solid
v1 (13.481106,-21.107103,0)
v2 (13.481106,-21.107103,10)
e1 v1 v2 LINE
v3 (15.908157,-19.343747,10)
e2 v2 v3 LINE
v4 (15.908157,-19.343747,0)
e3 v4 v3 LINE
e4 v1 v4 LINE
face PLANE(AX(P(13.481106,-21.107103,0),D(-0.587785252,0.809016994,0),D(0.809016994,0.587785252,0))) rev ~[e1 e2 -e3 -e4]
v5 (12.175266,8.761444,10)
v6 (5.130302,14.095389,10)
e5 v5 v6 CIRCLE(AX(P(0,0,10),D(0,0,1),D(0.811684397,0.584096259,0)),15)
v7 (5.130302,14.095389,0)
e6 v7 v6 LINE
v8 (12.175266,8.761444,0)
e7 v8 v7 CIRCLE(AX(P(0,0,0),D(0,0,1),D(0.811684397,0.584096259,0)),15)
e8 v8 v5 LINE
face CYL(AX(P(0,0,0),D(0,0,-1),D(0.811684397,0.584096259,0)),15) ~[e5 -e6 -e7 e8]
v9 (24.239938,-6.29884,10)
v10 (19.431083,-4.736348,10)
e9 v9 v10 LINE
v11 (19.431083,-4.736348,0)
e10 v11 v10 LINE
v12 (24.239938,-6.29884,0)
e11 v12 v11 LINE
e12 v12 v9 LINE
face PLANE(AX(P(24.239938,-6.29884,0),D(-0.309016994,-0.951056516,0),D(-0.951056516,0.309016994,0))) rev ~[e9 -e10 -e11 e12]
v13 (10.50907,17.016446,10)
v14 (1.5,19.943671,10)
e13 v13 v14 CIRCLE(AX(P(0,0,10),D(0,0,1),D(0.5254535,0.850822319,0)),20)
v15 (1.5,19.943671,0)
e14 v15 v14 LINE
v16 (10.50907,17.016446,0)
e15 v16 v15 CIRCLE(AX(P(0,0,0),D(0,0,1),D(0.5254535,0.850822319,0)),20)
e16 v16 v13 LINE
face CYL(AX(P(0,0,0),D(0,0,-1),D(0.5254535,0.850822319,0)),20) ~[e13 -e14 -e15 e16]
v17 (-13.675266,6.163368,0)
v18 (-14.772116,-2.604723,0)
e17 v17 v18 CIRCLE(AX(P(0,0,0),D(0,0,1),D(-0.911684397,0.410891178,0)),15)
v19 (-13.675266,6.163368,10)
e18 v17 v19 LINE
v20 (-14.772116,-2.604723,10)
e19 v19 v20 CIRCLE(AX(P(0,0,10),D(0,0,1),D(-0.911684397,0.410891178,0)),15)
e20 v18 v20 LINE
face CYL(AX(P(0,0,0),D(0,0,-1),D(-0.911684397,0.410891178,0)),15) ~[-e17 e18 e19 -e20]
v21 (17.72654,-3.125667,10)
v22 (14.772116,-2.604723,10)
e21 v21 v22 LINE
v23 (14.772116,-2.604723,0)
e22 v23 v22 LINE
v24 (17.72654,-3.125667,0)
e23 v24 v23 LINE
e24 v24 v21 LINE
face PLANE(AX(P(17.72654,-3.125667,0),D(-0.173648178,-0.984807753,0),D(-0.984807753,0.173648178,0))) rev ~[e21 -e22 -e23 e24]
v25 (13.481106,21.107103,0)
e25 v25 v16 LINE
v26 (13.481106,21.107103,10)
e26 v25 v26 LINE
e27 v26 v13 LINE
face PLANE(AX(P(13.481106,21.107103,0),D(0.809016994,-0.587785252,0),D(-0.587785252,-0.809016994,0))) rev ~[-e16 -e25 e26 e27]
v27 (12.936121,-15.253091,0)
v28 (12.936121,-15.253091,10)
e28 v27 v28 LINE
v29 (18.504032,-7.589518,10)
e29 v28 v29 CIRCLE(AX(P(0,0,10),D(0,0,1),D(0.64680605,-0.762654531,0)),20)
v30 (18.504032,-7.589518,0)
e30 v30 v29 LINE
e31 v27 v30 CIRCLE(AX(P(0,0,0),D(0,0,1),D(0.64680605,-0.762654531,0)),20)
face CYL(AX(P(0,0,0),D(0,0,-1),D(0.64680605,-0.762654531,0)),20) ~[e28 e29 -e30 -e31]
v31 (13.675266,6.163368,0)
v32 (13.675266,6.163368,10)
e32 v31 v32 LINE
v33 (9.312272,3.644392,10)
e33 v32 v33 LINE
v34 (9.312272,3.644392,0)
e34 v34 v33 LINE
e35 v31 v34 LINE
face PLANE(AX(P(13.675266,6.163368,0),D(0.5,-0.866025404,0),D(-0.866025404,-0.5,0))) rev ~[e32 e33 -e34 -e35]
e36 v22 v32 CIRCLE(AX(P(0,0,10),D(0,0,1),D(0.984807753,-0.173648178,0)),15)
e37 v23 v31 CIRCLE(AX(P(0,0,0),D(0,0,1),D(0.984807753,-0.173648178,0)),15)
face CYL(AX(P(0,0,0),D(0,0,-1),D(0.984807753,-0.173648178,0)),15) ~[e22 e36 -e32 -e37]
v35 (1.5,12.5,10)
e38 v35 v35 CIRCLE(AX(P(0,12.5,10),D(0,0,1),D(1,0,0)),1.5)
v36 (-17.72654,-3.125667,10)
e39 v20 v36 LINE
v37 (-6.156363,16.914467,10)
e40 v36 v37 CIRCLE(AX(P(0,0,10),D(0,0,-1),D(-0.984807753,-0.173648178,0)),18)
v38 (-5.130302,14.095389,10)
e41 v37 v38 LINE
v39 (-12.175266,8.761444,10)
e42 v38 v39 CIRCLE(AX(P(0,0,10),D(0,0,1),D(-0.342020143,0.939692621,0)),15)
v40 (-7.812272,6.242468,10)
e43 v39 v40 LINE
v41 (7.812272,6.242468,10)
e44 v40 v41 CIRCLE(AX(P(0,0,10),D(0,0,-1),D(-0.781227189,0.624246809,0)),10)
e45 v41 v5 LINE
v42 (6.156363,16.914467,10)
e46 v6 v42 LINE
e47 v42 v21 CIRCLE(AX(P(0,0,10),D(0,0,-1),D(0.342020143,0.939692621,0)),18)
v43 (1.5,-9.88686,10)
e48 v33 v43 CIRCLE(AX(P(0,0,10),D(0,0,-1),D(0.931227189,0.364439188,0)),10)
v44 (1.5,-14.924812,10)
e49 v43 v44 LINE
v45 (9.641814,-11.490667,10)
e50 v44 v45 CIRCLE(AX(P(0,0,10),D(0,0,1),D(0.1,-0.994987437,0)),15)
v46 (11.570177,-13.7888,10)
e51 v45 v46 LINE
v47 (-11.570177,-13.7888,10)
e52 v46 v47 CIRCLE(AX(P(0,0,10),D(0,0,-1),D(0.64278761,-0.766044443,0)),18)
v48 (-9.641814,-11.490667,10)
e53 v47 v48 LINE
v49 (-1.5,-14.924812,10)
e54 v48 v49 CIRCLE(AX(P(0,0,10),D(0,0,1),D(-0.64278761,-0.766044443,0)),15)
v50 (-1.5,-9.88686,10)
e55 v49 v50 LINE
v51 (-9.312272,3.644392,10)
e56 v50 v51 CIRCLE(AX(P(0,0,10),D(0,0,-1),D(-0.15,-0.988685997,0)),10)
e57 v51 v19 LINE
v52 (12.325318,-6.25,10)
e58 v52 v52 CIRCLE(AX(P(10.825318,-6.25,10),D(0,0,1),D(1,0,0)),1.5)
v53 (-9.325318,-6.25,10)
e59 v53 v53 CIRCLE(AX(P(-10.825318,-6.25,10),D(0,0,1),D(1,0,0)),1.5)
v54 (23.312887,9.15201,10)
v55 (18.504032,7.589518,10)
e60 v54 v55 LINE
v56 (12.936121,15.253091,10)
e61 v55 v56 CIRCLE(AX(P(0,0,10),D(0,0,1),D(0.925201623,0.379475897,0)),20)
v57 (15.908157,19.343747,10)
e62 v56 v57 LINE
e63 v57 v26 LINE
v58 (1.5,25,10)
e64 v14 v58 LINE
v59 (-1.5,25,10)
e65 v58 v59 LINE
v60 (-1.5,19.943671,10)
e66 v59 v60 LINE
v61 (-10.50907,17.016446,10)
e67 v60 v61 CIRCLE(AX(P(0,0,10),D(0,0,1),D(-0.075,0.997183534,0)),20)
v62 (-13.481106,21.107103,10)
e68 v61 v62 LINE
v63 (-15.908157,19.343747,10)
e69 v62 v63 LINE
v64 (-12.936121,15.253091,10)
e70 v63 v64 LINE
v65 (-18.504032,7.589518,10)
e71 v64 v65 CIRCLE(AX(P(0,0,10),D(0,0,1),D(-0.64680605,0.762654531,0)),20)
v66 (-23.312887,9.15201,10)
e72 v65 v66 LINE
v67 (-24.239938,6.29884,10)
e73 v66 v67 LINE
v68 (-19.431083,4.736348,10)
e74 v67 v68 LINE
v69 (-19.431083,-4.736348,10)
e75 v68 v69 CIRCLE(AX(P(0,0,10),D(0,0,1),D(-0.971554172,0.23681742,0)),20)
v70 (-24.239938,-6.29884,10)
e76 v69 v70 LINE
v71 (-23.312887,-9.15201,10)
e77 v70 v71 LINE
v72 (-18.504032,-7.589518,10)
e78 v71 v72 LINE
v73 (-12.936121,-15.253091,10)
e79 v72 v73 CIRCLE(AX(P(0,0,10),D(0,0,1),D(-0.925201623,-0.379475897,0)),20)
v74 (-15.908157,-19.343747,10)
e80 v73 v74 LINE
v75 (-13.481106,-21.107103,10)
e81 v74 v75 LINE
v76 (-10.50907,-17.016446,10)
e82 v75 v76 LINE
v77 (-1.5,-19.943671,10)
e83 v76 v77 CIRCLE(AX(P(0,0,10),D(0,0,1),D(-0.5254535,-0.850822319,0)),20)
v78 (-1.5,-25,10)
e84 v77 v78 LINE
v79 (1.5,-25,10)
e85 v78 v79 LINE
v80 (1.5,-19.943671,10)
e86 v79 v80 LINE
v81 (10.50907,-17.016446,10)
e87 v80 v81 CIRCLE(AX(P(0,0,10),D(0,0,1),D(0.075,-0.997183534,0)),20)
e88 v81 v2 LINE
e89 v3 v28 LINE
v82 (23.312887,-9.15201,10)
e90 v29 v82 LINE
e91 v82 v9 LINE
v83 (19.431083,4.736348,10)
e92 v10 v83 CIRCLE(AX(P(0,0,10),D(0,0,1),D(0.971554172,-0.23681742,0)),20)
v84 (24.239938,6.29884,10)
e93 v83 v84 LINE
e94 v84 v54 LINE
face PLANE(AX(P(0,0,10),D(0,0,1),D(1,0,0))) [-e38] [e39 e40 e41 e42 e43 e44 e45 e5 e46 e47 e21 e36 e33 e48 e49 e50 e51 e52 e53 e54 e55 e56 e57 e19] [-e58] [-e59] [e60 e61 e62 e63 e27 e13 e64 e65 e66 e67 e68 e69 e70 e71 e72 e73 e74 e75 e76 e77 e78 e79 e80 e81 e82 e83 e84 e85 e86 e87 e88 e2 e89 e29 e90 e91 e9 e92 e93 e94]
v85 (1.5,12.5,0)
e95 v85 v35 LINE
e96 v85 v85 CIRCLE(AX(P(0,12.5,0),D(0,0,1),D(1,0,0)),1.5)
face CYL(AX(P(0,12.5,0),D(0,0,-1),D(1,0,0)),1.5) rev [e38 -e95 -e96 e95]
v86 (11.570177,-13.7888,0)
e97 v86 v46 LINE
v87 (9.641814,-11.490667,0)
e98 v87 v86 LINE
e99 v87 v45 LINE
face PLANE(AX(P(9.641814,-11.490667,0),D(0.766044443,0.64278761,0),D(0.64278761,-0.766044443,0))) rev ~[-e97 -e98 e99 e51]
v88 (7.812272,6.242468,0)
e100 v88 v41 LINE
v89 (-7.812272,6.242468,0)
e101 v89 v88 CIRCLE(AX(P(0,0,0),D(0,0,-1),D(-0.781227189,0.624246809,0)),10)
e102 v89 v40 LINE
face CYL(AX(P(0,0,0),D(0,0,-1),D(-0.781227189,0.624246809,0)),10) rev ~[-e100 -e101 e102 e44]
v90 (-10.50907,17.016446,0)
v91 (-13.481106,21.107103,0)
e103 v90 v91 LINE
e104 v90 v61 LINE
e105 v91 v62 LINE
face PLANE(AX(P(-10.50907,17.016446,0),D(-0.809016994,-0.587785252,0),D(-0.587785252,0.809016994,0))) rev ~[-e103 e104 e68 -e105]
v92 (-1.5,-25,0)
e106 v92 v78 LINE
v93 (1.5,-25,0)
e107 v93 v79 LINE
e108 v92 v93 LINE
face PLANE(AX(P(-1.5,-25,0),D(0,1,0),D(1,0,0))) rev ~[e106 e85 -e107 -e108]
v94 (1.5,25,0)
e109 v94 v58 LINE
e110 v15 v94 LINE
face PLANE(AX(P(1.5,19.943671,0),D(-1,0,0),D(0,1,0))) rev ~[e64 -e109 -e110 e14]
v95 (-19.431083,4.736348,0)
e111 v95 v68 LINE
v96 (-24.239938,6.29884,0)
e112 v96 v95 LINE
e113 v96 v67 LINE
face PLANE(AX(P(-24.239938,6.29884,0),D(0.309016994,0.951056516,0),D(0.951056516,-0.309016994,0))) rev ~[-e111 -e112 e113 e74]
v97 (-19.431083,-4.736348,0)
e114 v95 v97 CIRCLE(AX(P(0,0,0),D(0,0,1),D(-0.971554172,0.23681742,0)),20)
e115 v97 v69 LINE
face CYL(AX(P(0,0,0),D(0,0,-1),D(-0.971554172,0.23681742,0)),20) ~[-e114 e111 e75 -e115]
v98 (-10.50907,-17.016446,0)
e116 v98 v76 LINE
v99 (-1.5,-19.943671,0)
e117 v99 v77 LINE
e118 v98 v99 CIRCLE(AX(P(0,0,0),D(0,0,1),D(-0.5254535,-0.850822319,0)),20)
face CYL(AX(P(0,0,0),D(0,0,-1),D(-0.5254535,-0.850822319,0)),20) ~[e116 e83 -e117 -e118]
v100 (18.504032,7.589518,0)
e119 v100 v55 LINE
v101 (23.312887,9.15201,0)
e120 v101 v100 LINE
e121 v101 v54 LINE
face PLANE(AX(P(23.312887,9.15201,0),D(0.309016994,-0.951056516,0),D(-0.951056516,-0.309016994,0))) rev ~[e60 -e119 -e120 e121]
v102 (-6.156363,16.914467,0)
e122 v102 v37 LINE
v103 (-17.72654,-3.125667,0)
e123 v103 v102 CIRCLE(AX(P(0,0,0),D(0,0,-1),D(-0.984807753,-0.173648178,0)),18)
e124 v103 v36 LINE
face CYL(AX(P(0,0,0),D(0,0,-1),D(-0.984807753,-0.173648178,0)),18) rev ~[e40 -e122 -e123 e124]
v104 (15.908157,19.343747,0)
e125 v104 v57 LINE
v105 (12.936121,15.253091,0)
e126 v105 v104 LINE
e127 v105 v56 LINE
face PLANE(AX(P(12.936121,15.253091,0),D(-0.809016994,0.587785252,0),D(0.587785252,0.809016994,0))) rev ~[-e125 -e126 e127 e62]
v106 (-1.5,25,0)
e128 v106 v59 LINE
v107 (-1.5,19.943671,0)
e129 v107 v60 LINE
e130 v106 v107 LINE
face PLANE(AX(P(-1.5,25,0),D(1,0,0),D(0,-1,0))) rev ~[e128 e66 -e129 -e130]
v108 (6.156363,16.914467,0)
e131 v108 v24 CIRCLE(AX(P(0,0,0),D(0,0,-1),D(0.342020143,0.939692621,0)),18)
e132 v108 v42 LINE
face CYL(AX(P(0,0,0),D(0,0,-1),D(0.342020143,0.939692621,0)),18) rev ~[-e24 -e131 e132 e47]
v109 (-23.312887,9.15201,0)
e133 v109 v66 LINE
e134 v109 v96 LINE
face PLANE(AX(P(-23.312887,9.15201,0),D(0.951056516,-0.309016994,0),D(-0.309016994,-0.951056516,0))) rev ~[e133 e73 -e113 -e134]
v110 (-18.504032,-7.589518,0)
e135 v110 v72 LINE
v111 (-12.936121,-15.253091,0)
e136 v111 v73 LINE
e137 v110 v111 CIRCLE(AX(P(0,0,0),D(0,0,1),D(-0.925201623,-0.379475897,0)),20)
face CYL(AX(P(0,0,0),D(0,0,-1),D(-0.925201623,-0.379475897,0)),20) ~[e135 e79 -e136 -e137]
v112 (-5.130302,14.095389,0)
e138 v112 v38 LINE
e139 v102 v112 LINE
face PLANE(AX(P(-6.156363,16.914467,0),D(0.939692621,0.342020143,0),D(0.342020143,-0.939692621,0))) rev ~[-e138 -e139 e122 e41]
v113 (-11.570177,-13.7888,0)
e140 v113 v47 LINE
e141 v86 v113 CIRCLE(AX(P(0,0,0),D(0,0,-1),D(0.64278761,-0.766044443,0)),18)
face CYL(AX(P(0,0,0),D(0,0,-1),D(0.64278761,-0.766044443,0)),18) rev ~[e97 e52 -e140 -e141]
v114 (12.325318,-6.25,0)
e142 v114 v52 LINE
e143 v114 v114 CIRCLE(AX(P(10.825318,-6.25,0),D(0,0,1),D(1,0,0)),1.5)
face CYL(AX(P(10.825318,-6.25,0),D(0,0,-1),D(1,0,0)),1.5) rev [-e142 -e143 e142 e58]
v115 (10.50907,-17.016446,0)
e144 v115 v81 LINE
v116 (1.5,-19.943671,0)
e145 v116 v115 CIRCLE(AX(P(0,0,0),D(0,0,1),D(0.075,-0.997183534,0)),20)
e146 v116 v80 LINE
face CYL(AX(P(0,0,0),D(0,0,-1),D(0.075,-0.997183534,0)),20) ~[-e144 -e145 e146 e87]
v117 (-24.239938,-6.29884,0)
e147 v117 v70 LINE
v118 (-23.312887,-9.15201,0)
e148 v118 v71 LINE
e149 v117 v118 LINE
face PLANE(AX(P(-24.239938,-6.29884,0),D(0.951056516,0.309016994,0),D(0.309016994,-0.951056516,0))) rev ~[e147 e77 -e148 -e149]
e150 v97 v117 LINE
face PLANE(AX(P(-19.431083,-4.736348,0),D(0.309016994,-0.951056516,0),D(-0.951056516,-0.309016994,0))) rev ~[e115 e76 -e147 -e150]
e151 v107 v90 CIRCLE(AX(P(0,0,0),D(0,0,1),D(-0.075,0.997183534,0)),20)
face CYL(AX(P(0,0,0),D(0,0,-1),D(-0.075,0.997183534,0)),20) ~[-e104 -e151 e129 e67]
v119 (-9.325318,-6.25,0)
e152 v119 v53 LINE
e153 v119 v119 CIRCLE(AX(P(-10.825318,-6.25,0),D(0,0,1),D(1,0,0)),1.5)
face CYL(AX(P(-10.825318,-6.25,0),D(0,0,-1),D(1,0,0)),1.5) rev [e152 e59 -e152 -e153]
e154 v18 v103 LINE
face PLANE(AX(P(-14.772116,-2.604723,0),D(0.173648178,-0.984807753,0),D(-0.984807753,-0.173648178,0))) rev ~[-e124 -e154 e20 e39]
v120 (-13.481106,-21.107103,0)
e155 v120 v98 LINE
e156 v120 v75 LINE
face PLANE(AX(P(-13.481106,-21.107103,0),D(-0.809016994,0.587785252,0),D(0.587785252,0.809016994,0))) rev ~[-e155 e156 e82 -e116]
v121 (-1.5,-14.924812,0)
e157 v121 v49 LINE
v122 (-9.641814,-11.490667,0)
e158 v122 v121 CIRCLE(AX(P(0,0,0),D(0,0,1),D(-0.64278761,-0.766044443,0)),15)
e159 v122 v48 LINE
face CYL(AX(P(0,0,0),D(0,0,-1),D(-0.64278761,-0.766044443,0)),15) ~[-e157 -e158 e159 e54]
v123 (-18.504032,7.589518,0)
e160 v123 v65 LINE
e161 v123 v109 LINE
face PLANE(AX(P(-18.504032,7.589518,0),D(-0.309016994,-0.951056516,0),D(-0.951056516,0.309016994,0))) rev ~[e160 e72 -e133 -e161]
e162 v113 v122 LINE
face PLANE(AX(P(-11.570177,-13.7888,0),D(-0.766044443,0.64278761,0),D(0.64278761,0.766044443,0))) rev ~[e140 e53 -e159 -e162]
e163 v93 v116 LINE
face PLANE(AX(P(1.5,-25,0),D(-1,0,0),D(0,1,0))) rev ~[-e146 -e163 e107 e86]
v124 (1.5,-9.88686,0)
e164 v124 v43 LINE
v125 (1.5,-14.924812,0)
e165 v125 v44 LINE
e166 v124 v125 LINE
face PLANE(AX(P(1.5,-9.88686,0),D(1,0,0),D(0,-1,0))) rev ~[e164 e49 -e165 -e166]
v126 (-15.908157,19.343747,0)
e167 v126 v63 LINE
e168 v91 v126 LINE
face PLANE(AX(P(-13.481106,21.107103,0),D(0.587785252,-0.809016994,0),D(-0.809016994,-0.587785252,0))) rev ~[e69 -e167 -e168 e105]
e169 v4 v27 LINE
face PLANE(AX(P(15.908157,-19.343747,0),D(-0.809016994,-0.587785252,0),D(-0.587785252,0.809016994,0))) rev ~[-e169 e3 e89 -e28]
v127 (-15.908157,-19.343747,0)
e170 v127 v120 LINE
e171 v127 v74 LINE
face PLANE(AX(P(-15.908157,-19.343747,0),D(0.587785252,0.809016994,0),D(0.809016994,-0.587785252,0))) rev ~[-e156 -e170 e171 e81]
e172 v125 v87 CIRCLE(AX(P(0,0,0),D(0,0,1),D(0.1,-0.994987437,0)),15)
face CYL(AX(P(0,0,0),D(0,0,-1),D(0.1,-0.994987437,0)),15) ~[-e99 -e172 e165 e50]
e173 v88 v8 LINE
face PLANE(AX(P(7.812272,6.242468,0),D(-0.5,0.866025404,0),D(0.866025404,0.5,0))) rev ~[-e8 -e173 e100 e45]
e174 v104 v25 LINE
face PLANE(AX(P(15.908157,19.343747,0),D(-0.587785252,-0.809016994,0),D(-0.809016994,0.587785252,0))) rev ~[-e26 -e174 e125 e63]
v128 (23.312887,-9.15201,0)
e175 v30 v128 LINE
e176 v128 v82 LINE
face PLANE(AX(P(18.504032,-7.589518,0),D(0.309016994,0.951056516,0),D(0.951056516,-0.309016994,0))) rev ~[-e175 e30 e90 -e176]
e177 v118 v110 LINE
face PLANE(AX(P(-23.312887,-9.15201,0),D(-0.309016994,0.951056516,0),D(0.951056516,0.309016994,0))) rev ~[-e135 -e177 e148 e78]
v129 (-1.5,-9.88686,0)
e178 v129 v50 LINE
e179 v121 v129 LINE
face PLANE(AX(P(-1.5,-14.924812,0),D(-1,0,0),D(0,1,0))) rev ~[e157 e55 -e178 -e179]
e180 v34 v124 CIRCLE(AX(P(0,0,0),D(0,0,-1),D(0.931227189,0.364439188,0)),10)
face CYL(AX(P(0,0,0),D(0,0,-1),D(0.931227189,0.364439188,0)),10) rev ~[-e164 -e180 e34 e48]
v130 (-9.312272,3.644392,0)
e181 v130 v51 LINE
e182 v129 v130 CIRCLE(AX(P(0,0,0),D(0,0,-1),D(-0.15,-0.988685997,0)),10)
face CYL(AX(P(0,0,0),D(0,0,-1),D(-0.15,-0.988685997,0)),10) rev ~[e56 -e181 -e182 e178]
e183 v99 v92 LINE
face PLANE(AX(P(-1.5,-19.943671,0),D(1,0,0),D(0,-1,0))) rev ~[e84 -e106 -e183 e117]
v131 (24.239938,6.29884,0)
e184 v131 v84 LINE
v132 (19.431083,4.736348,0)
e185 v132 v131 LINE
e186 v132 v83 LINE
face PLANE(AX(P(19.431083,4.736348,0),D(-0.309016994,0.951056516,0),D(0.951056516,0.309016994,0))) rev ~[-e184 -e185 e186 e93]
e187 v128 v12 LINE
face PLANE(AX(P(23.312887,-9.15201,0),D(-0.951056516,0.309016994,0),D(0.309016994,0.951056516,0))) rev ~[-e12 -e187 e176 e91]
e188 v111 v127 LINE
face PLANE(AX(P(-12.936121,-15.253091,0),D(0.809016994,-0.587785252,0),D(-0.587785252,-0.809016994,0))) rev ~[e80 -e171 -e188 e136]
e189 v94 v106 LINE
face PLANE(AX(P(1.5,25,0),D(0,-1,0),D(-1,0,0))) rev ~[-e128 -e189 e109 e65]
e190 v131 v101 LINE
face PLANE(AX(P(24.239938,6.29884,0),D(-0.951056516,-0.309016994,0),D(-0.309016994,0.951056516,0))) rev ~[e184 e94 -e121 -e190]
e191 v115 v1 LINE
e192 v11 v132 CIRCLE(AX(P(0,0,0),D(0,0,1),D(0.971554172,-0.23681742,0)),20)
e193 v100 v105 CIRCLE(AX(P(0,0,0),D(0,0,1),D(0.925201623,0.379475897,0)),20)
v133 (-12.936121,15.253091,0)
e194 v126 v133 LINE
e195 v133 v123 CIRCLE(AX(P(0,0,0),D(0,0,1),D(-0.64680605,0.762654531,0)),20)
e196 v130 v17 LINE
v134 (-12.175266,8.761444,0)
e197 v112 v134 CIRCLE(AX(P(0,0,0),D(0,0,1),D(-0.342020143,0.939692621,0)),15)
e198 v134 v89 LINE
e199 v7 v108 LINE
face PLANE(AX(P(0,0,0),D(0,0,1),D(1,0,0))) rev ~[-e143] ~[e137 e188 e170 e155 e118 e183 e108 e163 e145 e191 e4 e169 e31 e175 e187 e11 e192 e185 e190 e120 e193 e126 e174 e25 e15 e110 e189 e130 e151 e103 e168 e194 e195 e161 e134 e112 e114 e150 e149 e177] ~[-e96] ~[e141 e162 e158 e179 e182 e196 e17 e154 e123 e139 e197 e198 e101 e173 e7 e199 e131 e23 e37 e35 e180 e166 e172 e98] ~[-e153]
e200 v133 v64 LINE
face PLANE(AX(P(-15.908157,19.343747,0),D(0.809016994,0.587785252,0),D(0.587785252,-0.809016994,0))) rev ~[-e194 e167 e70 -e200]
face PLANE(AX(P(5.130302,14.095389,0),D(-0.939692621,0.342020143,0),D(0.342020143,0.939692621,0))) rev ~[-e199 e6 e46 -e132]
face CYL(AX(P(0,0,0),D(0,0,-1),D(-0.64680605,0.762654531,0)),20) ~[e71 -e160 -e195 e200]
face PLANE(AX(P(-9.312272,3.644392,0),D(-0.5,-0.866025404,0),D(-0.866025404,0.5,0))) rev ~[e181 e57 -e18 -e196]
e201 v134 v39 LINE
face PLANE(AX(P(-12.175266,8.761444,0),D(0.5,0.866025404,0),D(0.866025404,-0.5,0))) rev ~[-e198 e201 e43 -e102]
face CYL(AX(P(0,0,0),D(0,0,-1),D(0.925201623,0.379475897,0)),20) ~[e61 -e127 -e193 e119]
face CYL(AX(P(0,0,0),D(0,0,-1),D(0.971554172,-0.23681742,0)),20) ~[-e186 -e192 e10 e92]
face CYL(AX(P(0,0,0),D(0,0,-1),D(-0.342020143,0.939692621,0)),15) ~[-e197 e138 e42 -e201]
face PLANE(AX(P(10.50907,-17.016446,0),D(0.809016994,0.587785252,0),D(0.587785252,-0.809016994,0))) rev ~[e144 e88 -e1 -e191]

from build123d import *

# Parameters (mm, degrees)
SKETCH_1_R          = 1.5
EXTRUDE_1_DEPTH     = 10
CUT_EXTRUDE_2_DEPTH = 10


with BuildPart() as part:
    # 草图1 → 凸台-拉伸1 (new body)
    with BuildSketch(Plane.XY):
        with BuildLine():
            Line((1.5, 19.943670675), (1.5, 25))
            Line((1.5, 25), (-1.5, 25))
            Line((-1.5, 25), (-1.5, 19.943670675))
            ThreePointArc((-1.5, 19.943670675), (-6.180339888, 19.021130326), (-10.509070008, 17.016446385))
            Line((-10.509070008, 17.016446385), (-13.481105816, 21.107102738))
            Line((-13.481105816, 21.107102738), (-15.908156799, 19.343746981))
            Line((-15.908156799, 19.343746981), (-12.936120991, 15.253090628))
            ThreePointArc((-12.936120991, 15.253090628), (-16.180339887, 11.755705046), (-18.504032463, 7.589517943))
            Line((-18.504032463, 7.589517943), (-23.312887416, 9.152009634))
            Line((-23.312887416, 9.152009634), (-24.239938399, 6.298840085))
            Line((-24.239938399, 6.298840085), (-19.431083446, 4.736348394))
            ThreePointArc((-19.431083446, 4.736348394), (-20, 0), (-19.431083446, -4.736348394))
            Line((-19.431083446, -4.736348394), (-24.239938399, -6.298840085))
            Line((-24.239938399, -6.298840085), (-23.312887416, -9.152009634))
            Line((-23.312887416, -9.152009634), (-18.504032463, -7.589517943))
            ThreePointArc((-18.504032463, -7.589517943), (-16.180339887, -11.755705046), (-12.936120991, -15.253090628))
            Line((-12.936120991, -15.253090628), (-15.908156799, -19.343746981))
            Line((-15.908156799, -19.343746981), (-13.481105816, -21.107102738))
            Line((-13.481105816, -21.107102738), (-10.509070008, -17.016446385))
            ThreePointArc((-10.509070008, -17.016446385), (-6.180339887, -19.021130326), (-1.5, -19.943670675))
            Line((-1.5, -19.943670675), (-1.5, -25))
            Line((-1.5, -25), (1.5, -25))
            Line((1.5, -25), (1.5, -19.943670675))
            ThreePointArc((1.5, -19.943670675), (6.180339888, -19.021130326), (10.509070008, -17.016446385))
            Line((10.509070008, -17.016446385), (13.481105816, -21.107102738))
            Line((13.481105816, -21.107102738), (15.908156799, -19.343746981))
            Line((15.908156799, -19.343746981), (12.936120991, -15.253090628))
            ThreePointArc((12.936120991, -15.253090628), (16.180339887, -11.755705046), (18.504032463, -7.589517943))
            Line((18.504032463, -7.589517943), (23.312887416, -9.152009634))
            Line((23.312887416, -9.152009634), (24.239938399, -6.298840085))
            Line((24.239938399, -6.298840085), (19.431083446, -4.736348394))
            ThreePointArc((19.431083446, -4.736348394), (20, 0), (19.431083446, 4.736348394))
            Line((19.431083446, 4.736348394), (24.239938399, 6.298840085))
            Line((24.239938399, 6.298840085), (23.312887416, 9.152009634))
            Line((23.312887416, 9.152009634), (18.504032463, 7.589517943))
            ThreePointArc((18.504032463, 7.589517943), (16.180339887, 11.755705046), (12.936120991, 15.253090628))
            Line((12.936120991, 15.253090628), (15.908156799, 19.343746981))
            Line((15.908156799, 19.343746981), (13.481105816, 21.107102738))
            Line((13.481105816, 21.107102738), (10.509070008, 17.016446385))
            ThreePointArc((10.509070008, 17.016446385), (6.180339887, 19.021130326), (1.5, 19.943670675))
        make_face()
        with Locations((0, 12.5)):
            Circle(SKETCH_1_R, mode=Mode.SUBTRACT)
        with Locations((10.825317547, -6.25)):
            Circle(SKETCH_1_R, mode=Mode.SUBTRACT)
        with Locations((-10.825317547, -6.25)):
            Circle(SKETCH_1_R, mode=Mode.SUBTRACT)
    extrude(amount=EXTRUDE_1_DEPTH)

    # 草图2 → 切除-拉伸2 (cut)
    with BuildSketch(Plane.XY):
        with BuildLine():
            Line((-9.312271895, 3.644391878), (-13.675265955, 6.163367673))
            ThreePointArc((-13.675265955, 6.163367673), (-14.883992786, 1.861923398), (-14.772116295, -2.604722665))
            Line((-14.772116295, -2.604722665), (-17.726539554, -3.125667198))
            ThreePointArc((-17.726539554, -3.125667198), (-15.588457268, 9), (-6.15636258, 16.914467174))
            Line((-6.15636258, 16.914467174), (-5.13030215, 14.095389312))
            ThreePointArc((-5.13030215, 14.095389312), (-9.054469356, 11.958954164), (-12.175265955, 8.761443884))
            Line((-12.175265955, 8.761443884), (-7.812271895, 6.242468089))
            ThreePointArc((-7.812271895, 6.242468089), (0, 10), (7.812271895, 6.242468089))
            Line((7.812271895, 6.242468089), (12.175265955, 8.761443884))
            ThreePointArc((12.175265955, 8.761443884), (9.054469356, 11.958954164), (5.13030215, 14.095389312))
            Line((5.13030215, 14.095389312), (6.15636258, 16.914467174))
            ThreePointArc((6.15636258, 16.914467174), (15.588457268, 9), (17.726539554, -3.125667198))
            Line((17.726539554, -3.125667198), (14.772116295, -2.604722665))
            ThreePointArc((14.772116295, -2.604722665), (14.883992786, 1.861923398), (13.675265955, 6.163367673))
            Line((13.675265955, 6.163367673), (9.312271895, 3.644391878))
            ThreePointArc((9.312271895, 3.644391878), (8.660254038, -5), (1.5, -9.886859967))
            Line((1.5, -9.886859967), (1.5, -14.924811557))
            ThreePointArc((1.5, -14.924811557), (5.829523431, -13.820877562), (9.641814145, -11.490666647))
            Line((9.641814145, -11.490666647), (11.570176974, -13.788799976))
            ThreePointArc((11.570176974, -13.788799976), (0, -18), (-11.570176974, -13.788799976))
            Line((-11.570176974, -13.788799976), (-9.641814145, -11.490666647))
            ThreePointArc((-9.641814145, -11.490666647), (-5.829523431, -13.820877562), (-1.5, -14.924811557))
            Line((-1.5, -14.924811557), (-1.5, -9.886859967))
            ThreePointArc((-1.5, -9.886859967), (-8.660254038, -5), (-9.312271895, 3.644391878))
        make_face()
    extrude(amount=CUT_EXTRUDE_2_DEPTH, mode=Mode.SUBTRACT)


solid = part.part
